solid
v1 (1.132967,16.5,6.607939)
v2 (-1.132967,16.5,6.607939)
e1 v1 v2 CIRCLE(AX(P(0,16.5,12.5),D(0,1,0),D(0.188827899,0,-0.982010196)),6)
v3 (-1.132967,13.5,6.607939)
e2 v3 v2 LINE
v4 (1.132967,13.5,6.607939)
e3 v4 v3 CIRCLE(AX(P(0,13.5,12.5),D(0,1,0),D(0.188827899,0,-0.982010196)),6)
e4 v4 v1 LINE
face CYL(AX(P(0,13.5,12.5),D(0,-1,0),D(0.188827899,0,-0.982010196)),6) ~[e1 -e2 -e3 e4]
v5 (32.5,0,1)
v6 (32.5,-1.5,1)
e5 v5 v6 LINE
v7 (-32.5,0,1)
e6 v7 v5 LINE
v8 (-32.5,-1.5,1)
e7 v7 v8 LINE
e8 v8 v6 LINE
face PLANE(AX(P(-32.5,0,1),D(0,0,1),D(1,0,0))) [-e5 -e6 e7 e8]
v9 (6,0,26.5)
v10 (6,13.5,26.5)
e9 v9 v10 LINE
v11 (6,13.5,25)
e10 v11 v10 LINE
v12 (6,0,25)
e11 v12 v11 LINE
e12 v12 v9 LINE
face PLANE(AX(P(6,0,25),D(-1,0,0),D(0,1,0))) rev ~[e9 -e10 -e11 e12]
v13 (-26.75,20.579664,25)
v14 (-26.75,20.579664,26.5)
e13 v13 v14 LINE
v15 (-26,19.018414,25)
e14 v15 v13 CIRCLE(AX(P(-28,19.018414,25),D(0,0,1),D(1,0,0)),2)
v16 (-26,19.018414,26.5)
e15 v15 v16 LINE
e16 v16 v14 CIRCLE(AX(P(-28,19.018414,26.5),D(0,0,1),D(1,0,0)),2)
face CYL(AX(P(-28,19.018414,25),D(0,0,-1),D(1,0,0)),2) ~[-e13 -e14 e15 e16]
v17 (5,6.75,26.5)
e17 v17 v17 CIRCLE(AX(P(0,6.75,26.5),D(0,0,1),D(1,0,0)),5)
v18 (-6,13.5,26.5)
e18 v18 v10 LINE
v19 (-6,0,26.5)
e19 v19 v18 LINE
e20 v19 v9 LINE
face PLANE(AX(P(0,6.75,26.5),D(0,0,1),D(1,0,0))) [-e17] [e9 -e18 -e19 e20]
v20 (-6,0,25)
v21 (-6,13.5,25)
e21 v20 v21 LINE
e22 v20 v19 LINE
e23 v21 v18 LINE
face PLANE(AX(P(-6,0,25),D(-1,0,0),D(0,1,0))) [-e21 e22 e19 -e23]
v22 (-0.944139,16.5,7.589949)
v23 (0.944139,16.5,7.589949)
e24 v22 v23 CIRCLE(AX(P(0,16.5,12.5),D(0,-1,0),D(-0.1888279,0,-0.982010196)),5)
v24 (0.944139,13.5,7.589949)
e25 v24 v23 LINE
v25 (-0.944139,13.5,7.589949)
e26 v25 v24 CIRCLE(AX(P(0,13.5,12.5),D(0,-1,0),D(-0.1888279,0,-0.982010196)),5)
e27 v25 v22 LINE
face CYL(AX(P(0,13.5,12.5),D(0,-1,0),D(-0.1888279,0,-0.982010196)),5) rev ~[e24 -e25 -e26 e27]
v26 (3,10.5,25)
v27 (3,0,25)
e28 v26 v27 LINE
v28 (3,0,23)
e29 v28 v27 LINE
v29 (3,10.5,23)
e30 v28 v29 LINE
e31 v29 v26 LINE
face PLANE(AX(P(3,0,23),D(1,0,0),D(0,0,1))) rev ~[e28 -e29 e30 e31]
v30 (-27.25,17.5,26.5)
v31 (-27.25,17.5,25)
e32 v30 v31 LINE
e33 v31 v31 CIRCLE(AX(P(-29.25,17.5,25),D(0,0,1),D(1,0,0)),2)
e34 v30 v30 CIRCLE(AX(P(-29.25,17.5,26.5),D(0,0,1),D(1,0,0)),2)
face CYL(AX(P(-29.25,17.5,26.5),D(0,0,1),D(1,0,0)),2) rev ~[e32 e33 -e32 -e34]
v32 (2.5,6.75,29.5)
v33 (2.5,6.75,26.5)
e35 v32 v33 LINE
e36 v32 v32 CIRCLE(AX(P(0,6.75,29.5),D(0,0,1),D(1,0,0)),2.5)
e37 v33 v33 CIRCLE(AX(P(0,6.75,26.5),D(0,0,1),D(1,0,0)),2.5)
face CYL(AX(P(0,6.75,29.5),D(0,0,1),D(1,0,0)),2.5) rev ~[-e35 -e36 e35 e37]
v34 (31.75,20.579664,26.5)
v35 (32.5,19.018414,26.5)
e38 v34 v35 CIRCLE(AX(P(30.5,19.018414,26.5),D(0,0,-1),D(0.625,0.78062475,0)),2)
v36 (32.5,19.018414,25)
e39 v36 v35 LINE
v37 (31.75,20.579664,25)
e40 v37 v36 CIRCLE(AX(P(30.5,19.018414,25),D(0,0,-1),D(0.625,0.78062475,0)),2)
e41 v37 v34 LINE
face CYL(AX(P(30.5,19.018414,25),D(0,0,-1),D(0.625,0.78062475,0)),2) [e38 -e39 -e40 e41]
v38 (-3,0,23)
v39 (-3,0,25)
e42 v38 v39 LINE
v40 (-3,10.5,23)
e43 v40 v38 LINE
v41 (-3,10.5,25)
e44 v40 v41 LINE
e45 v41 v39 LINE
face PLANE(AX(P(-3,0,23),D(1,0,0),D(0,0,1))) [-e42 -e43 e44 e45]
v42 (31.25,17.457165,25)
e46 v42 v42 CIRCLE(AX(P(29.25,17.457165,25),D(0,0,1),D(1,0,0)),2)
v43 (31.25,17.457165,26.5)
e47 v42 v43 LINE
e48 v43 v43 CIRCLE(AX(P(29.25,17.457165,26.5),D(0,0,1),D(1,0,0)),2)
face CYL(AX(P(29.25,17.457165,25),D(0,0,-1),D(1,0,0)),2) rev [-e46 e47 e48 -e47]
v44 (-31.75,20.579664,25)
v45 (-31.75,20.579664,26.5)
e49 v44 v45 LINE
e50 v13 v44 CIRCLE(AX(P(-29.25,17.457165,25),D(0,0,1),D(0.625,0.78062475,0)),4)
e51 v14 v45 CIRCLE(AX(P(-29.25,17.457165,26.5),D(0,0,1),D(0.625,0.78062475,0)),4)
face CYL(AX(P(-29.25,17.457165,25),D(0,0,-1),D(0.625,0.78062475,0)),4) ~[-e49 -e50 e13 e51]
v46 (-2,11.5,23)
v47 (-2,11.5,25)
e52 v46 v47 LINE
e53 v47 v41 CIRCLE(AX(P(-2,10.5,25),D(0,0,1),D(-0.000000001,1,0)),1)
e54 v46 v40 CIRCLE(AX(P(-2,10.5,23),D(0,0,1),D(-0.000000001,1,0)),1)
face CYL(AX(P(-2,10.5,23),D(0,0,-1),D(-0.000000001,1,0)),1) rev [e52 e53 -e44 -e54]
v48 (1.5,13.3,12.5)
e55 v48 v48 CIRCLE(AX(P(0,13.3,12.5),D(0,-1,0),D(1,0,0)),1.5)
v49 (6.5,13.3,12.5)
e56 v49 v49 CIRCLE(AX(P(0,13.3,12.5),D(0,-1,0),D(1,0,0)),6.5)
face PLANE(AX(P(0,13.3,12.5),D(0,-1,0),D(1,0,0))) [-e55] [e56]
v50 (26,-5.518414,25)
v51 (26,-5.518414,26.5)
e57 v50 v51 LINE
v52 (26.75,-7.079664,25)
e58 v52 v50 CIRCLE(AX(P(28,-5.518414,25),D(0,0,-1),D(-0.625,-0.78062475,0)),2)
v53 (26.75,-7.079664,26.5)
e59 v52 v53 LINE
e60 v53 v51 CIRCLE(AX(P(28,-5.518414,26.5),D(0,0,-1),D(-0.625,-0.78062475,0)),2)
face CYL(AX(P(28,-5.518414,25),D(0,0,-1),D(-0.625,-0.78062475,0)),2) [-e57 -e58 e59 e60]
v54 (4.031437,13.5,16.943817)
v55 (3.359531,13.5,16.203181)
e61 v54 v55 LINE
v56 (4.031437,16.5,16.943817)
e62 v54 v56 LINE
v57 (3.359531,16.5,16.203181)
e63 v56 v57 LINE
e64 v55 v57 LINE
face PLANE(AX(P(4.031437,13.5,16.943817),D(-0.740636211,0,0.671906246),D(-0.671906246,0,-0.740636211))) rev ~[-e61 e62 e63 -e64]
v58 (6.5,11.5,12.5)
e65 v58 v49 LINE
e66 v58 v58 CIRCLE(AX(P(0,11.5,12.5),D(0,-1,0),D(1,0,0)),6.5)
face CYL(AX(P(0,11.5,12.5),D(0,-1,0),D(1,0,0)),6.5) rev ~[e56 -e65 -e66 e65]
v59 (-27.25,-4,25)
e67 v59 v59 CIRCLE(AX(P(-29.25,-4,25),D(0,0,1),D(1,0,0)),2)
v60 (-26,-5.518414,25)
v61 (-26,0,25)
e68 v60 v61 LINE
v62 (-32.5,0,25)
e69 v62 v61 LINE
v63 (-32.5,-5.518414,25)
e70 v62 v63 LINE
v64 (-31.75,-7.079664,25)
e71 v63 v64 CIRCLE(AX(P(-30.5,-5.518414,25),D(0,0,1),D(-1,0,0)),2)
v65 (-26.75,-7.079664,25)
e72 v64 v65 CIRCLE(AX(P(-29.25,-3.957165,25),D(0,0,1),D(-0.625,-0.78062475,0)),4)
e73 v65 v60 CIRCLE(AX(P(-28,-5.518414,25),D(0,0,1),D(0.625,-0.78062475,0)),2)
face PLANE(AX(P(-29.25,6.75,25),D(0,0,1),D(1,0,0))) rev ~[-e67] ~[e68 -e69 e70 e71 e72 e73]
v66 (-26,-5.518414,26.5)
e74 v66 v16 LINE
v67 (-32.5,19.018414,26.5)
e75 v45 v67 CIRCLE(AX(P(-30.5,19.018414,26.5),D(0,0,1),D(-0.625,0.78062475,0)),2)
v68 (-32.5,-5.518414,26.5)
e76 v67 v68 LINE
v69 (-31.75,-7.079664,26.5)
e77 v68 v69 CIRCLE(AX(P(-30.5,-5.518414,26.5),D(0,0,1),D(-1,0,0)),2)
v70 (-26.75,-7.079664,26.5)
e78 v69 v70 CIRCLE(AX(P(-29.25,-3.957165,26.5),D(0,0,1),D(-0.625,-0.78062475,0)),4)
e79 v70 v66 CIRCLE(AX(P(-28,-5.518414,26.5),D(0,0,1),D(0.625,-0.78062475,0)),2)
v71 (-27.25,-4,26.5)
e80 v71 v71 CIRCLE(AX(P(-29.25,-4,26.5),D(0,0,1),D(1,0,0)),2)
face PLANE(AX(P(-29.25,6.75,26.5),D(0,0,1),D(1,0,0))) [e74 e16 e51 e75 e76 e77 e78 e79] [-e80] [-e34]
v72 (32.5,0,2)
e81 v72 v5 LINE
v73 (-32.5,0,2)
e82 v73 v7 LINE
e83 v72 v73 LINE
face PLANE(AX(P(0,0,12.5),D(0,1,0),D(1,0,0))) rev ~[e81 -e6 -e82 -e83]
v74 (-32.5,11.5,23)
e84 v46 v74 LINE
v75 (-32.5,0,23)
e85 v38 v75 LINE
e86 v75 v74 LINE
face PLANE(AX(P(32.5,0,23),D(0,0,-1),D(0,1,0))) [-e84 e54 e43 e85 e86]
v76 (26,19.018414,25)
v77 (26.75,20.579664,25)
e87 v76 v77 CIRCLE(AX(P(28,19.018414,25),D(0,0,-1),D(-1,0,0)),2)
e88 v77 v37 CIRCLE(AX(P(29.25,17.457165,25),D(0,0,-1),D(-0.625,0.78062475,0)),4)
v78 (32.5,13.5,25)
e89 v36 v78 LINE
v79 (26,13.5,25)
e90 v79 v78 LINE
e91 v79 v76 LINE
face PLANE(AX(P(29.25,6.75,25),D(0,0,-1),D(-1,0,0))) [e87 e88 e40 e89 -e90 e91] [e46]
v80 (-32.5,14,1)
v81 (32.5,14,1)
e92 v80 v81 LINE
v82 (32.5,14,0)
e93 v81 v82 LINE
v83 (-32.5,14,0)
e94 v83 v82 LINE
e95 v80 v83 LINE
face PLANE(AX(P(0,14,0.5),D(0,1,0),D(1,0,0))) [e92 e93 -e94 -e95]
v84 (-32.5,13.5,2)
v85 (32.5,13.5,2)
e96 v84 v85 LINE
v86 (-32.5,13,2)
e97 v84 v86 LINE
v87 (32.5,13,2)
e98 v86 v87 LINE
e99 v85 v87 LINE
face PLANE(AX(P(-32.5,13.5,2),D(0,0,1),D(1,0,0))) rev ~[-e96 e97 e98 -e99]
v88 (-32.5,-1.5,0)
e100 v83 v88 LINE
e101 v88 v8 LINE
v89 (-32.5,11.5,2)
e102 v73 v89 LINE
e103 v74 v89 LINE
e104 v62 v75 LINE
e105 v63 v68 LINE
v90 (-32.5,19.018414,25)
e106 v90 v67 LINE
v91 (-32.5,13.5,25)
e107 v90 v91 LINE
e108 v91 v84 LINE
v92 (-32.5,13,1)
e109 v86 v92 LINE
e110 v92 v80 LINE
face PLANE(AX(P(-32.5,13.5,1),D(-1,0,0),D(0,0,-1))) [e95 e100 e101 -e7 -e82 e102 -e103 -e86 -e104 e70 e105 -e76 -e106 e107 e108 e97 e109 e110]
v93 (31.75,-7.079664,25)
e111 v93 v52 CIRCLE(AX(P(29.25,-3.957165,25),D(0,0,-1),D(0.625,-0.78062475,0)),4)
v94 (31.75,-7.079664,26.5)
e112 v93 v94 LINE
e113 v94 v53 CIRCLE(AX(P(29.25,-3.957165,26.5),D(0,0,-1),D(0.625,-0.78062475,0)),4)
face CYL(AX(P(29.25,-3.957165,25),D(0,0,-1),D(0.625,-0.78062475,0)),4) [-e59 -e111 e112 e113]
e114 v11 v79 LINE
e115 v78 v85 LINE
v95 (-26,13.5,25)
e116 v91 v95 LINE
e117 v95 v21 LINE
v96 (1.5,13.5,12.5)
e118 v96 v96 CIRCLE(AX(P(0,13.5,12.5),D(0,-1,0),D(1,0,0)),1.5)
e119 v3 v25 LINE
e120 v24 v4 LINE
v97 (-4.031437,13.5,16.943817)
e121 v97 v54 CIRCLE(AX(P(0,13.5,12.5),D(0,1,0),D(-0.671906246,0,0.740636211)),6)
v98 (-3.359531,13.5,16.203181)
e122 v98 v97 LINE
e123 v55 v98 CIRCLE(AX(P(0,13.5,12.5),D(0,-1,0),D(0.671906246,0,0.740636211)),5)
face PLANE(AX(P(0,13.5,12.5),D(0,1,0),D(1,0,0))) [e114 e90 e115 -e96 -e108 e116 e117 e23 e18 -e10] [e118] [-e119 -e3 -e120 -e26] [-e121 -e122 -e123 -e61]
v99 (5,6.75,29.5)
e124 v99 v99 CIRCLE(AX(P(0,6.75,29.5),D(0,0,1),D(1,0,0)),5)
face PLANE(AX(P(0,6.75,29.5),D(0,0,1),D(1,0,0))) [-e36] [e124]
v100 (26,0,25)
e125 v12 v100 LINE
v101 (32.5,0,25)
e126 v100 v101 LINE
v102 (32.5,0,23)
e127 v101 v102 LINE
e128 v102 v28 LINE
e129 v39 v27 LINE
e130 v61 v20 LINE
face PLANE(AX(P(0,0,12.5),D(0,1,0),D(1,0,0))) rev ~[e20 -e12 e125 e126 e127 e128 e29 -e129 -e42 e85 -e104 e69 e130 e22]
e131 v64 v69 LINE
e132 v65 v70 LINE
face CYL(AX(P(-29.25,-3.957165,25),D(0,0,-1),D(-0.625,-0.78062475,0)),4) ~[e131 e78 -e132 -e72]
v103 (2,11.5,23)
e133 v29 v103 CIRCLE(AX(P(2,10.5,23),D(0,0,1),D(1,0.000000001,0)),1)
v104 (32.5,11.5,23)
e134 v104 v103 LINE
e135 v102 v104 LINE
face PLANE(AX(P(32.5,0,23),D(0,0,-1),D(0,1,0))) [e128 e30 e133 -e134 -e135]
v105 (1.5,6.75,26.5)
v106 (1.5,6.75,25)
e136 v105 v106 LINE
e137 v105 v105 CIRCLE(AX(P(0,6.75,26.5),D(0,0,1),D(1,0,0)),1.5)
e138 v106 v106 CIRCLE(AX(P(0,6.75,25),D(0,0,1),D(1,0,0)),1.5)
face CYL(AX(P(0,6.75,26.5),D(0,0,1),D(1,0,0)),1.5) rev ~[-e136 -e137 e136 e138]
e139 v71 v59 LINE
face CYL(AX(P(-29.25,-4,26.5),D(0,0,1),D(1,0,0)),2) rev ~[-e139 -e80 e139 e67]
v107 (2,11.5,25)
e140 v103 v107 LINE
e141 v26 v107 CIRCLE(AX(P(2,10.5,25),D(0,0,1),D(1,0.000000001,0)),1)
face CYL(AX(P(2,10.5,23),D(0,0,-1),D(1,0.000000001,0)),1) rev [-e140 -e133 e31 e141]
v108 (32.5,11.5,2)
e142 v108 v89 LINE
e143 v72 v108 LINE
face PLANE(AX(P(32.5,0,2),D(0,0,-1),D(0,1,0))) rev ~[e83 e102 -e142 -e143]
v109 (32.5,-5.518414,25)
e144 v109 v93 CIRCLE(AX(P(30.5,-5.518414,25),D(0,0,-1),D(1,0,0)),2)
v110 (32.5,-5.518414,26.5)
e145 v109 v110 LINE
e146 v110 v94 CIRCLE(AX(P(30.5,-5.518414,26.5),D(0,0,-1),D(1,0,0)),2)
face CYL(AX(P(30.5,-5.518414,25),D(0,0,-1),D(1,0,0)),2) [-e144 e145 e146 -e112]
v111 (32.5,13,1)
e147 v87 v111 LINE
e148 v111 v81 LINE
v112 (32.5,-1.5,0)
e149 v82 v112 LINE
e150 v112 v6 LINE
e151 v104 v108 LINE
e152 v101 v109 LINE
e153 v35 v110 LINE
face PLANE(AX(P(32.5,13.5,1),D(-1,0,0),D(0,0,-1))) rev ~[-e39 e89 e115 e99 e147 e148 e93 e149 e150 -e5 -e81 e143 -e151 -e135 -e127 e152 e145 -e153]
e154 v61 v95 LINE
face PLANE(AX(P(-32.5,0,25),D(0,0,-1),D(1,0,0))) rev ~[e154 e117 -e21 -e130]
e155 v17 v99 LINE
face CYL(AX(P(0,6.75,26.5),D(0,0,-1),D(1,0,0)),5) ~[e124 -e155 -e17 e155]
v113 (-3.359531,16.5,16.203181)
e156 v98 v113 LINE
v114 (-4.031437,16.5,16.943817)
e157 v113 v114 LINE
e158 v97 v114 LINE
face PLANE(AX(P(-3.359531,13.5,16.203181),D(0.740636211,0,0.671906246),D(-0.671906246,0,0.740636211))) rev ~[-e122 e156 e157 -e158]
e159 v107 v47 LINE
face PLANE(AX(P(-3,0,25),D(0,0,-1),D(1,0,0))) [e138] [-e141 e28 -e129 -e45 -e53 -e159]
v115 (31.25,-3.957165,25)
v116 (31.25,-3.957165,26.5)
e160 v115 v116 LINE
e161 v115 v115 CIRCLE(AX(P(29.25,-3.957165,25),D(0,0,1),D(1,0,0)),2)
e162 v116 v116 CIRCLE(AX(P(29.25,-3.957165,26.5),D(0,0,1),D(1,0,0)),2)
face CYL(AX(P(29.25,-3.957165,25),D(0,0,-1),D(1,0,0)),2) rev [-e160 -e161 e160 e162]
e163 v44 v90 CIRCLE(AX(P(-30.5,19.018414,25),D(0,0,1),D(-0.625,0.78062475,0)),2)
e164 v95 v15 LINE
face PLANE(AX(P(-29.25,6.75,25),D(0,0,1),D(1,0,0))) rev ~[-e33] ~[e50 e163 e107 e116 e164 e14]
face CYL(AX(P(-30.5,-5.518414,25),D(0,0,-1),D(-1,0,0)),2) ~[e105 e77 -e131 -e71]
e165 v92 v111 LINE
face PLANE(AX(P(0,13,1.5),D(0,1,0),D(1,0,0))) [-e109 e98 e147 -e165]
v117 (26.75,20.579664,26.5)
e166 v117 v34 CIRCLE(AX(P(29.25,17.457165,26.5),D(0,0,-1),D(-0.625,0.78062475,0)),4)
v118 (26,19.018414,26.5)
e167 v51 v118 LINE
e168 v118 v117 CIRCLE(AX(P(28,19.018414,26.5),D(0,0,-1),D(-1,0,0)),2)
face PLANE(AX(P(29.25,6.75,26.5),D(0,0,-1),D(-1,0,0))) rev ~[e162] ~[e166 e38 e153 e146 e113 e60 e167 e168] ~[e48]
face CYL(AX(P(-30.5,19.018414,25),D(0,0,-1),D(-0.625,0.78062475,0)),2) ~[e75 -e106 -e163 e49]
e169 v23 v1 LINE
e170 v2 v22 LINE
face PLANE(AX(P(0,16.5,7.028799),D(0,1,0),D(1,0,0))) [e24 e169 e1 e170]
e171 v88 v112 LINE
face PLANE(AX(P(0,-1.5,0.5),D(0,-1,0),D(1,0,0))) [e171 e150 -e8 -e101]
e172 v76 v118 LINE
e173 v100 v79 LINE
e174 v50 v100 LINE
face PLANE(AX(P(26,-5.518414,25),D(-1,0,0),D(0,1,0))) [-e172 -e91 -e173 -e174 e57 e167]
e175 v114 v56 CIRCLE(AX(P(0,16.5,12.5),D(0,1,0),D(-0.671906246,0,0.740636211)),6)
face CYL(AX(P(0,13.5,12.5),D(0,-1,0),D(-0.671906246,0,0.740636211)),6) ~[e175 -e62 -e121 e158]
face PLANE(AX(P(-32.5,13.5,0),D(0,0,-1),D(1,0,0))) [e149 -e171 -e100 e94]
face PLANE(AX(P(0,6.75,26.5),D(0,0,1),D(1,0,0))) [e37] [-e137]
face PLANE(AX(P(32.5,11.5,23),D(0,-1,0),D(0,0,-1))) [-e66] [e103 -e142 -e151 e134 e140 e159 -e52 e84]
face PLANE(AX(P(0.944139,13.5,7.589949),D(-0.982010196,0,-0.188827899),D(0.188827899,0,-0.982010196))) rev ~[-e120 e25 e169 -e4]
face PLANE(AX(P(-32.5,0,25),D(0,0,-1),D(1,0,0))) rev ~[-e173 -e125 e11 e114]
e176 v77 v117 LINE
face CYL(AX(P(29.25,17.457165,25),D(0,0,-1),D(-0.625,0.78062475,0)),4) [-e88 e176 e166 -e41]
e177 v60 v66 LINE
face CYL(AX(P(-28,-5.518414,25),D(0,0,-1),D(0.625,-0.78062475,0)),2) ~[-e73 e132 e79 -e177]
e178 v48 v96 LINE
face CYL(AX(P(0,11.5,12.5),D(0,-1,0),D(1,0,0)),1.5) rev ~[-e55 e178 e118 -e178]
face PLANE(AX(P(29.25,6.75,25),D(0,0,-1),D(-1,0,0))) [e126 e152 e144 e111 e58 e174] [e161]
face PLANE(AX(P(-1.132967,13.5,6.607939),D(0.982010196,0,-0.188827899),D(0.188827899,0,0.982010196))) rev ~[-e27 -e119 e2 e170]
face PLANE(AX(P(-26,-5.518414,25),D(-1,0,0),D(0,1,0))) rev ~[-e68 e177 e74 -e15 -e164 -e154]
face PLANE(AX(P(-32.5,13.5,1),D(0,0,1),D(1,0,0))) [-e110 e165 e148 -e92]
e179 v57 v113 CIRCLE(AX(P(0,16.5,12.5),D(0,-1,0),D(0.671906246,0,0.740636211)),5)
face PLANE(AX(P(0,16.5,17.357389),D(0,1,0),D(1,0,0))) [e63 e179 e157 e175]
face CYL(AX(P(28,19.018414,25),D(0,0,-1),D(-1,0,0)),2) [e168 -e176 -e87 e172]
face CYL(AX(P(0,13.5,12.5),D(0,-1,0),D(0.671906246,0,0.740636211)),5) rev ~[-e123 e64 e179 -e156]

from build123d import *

# Parameters (mm, degrees)
CROQUIS1_W               = 65
CROQUIS1_H               = 25
SALIENTE_EXTRUIR4_DEPTH  = 13.5
CROQUIS6_W               = 21
CROQUIS6_H               = 11.5
CORTAR_EXTRUIR2_DEPTH    = 65
CROQUIS5_R               = 2
SALIENTE_EXTRUIR6_DEPTH  = 1.5
CROQUIS7_W               = 12
CROQUIS7_H               = 13.5
SALIENTE_EXTRUIR7_DEPTH  = 1.5
CROQUIS8_R               = 5
SALIENTE_EXTRUIR8_DEPTH  = 3
CROQUIS9_R               = 2.5
CORTAR_EXTRUIR3_DEPTH    = 3
CROQUIS10_W              = 6
CROQUIS10_H              = 2
CORTAR_EXTRUIR4_DEPTH    = 10
CROQUIS11_R              = 1.5
CORTAR_EXTRUIR5_DEPTH    = 10
CROQUIS12_R              = 2
CORTAR_EXTRUIR6_DEPTH    = 10
CORTAR_EXTRUIR7_DEPTH    = 2
CROQUIS15_R              = 1.5
CORTAR_EXTRUIR8_DEPTH    = 2
CROQUIS18_R              = 6.5
CORTAR_EXTRUIR9_DEPTH    = 1.8
SALIENTE_EXTRUIR9_DEPTH  = 3
CROQUIS20_W              = 65
CROQUIS20_H              = 1
SALIENTE_EXTRUIR10_DEPTH = 1.5
CROQUIS21_W              = 65
CROQUIS21_H              = 1
SALIENTE_EXTRUIR11_DEPTH = 0.5
CROQUIS22_W              = 65
CROQUIS22_H              = 1
CORTAR_EXTRUIR10_DEPTH   = 0.5


with BuildPart() as part:
    # Croquis1 → Saliente-Extruir4 (new body)
    with BuildSketch(Plane(origin=(0, 0, 0), x_dir=(1, 0, 0), z_dir=(0, 1, 0))):
        with Locations((0, -12.5)):
            Rectangle(CROQUIS1_W, CROQUIS1_H)
    extrude(amount=SALIENTE_EXTRUIR4_DEPTH)

    # Croquis6 → Cortar-Extruir2 (cut)
    with BuildSketch(Plane(origin=(32.5, 0, 0), x_dir=(0, 0, -1), z_dir=(1, 0, 0))):
        with Locations((-12.5, 5.75)):
            Rectangle(CROQUIS6_W, CROQUIS6_H)
    extrude(amount=-CORTAR_EXTRUIR2_DEPTH, mode=Mode.SUBTRACT)

    # Croquis5 → Saliente-Extruir6 (add)
    with BuildSketch(Plane.XY.offset(25)):
        with BuildLine():
            Line((32.5, 0), (32.5, -5.518414164))
            ThreePointArc((32.5, -5.518414164), (32.302775638, -6.384439567), (31.75, -7.079663663))
            ThreePointArc((31.75, -7.079663663), (29.25, -7.957164664), (26.75, -7.079663663))
            ThreePointArc((26.75, -7.079663663), (26.197224362, -6.384439567), (26, -5.518414164))
            Line((26, -5.518414164), (26, 0))
            Line((26, 0), (26, 13.5))
            Line((26, 13.5), (26, 19.018414164))
            ThreePointArc((26, 19.018414164), (26.197224362, 19.884439567), (26.75, 20.579663663))
            ThreePointArc((26.75, 20.579663663), (29.25, 21.457164664), (31.75, 20.579663663))
            ThreePointArc((31.75, 20.579663663), (32.302775638, 19.884439567), (32.5, 19.018414164))
            Line((32.5, 19.018414164), (32.5, 13.5))
            Line((32.5, 13.5), (32.5, 0))
        make_face()
        with Locations((29.25, 17.457164664)):
            Circle(CROQUIS5_R, mode=Mode.SUBTRACT)
        with Locations((29.25, -3.957164664)):
            Circle(CROQUIS5_R, mode=Mode.SUBTRACT)
        with BuildLine():
            Line((-32.5, 0), (-32.5, -5.518414164))
            ThreePointArc((-32.5, -5.518414164), (-32.302775638, -6.384439567), (-31.75, -7.079663663))
            ThreePointArc((-31.75, -7.079663663), (-29.25, -7.957164664), (-26.75, -7.079663663))
            ThreePointArc((-26.75, -7.079663663), (-26.197224362, -6.384439567), (-26, -5.518414164))
            Line((-26, -5.518414164), (-26, 0))
            Line((-26, 0), (-26, 13.5))
            Line((-26, 13.5), (-26, 19.018414164))
            ThreePointArc((-26, 19.018414164), (-26.197224362, 19.884439567), (-26.75, 20.579663663))
            ThreePointArc((-26.75, 20.579663663), (-29.25, 21.457164664), (-31.75, 20.579663663))
            ThreePointArc((-31.75, 20.579663663), (-32.302775638, 19.884439567), (-32.5, 19.018414164))
            Line((-32.5, 19.018414164), (-32.5, 13.5))
            Line((-32.5, 13.5), (-32.5, 0))
        make_face()
    extrude(amount=SALIENTE_EXTRUIR6_DEPTH)

    # Croquis7 → Saliente-Extruir7 (add)
    with BuildSketch(Plane.XY.offset(25)):
        with Locations((0, 6.75)):
            Rectangle(CROQUIS7_W, CROQUIS7_H)
    extrude(amount=SALIENTE_EXTRUIR7_DEPTH)

    # Croquis8 → Saliente-Extruir8 (add)
    with BuildSketch(Plane.XY.offset(26.5)):
        with Locations((0, 6.75)):
            Circle(CROQUIS8_R)
    extrude(amount=SALIENTE_EXTRUIR8_DEPTH)

    # Croquis9 → Cortar-Extruir3 (cut)
    with BuildSketch(Plane.XY.offset(29.5)):
        with Locations((0, 6.75)):
            Circle(CROQUIS9_R)
    extrude(amount=-CORTAR_EXTRUIR3_DEPTH, mode=Mode.SUBTRACT)

    # Croquis10 → Cortar-Extruir4 (cut)
    with BuildSketch(Plane.XZ):
        with Locations((0, 24)):
            Rectangle(CROQUIS10_W, CROQUIS10_H)
    extrude(amount=-CORTAR_EXTRUIR4_DEPTH, mode=Mode.SUBTRACT)

    # Croquis11 → Cortar-Extruir5 (cut)
    with BuildSketch(Plane.XY.offset(26.5)):
        with Locations((0, 6.75)):
            Circle(CROQUIS11_R)
    extrude(amount=-CORTAR_EXTRUIR5_DEPTH, mode=Mode.SUBTRACT)

    # Croquis12 → Cortar-Extruir6 (cut)
    with BuildSketch(Plane.XY.offset(26.5)):
        with Locations((-29.25, 17.5)):
            Circle(CROQUIS12_R)
        with Locations((-29.25, -4)):
            Circle(CROQUIS12_R)
    extrude(amount=-CORTAR_EXTRUIR6_DEPTH, mode=Mode.SUBTRACT)

    # Croquis14 → Cortar-Extruir7 (cut)
    with BuildSketch(Plane(origin=(0, 0, 23), x_dir=(-1, 0, 0), z_dir=(0, 0, -1))):
        with BuildLine():
            Line((-3, 10), (-3, 10.5))
            ThreePointArc((-3, 10.5), (-2.707106781, 11.207106781), (-2, 11.5))
            Line((-2, 11.5), (2, 11.5))
            ThreePointArc((2, 11.5), (2.707106781, 11.207106781), (3, 10.5))
            Line((3, 10.5), (3, 10))
            Line((3, 10), (-3, 10))
        make_face()
    extrude(amount=-CORTAR_EXTRUIR7_DEPTH, mode=Mode.SUBTRACT)

    # Croquis15 → Cortar-Extruir8 (cut)
    with BuildSketch(Plane.XZ.offset(-11.5)):
        with Locations((0, 12.5)):
            Circle(CROQUIS15_R)
    extrude(amount=-CORTAR_EXTRUIR8_DEPTH, mode=Mode.SUBTRACT)

    # Croquis18 → Cortar-Extruir9 (cut)
    with BuildSketch(Plane.XZ.offset(-11.5)):
        with Locations((0, 12.5)):
            Circle(CROQUIS18_R)
    extrude(amount=-CORTAR_EXTRUIR9_DEPTH, mode=Mode.SUBTRACT)

    # Croquis19 → Saliente-Extruir9 (add)
    with BuildSketch(Plane(origin=(0, 13.5, 0), x_dir=(1, 0, 0), z_dir=(0, 1, 0))):
        with BuildLine():
            Line((-3.359531229, -16.203181054), (-4.031437475, -16.943817265))
            ThreePointArc((-4.031437475, -16.943817265), (0, -18.5), (4.031437475, -16.943817265))
            Line((4.031437475, -16.943817265), (3.359531229, -16.203181054))
            ThreePointArc((3.359531229, -16.203181054), (0, -17.5), (-3.359531229, -16.203181054))
        make_face()
        with BuildLine():
            Line((-1.132967397, -6.607938826), (-0.944139498, -7.589949022))
            ThreePointArc((-0.944139498, -7.589949022), (0, -7.5), (0.944139498, -7.589949022))
            Line((0.944139498, -7.589949022), (1.132967397, -6.607938826))
            ThreePointArc((1.132967397, -6.607938826), (0, -6.5), (-1.132967397, -6.607938826))
        make_face()
    extrude(amount=SALIENTE_EXTRUIR9_DEPTH)

    # Croquis20 → Saliente-Extruir10 (add)
    with BuildSketch(Plane.XZ):
        with Locations((0, 0.5)):
            Rectangle(CROQUIS20_W, CROQUIS20_H)
    extrude(amount=SALIENTE_EXTRUIR10_DEPTH)

    # Croquis21 → Saliente-Extruir11 (add)
    with BuildSketch(Plane(origin=(0, 13.5, 0), x_dir=(1, 0, 0), z_dir=(0, 1, 0))):
        with Locations((0, -0.5)):
            Rectangle(CROQUIS21_W, CROQUIS21_H)
    extrude(amount=SALIENTE_EXTRUIR11_DEPTH)

    # Croquis22 → Cortar-Extruir10 (cut)
    with BuildSketch(Plane(origin=(0, 13.5, 0), x_dir=(1, 0, 0), z_dir=(0, 1, 0))):
        with Locations((0, -1.5)):
            Rectangle(CROQUIS22_W, CROQUIS22_H)
    extrude(amount=-CORTAR_EXTRUIR10_DEPTH, mode=Mode.SUBTRACT)


solid = part.part
